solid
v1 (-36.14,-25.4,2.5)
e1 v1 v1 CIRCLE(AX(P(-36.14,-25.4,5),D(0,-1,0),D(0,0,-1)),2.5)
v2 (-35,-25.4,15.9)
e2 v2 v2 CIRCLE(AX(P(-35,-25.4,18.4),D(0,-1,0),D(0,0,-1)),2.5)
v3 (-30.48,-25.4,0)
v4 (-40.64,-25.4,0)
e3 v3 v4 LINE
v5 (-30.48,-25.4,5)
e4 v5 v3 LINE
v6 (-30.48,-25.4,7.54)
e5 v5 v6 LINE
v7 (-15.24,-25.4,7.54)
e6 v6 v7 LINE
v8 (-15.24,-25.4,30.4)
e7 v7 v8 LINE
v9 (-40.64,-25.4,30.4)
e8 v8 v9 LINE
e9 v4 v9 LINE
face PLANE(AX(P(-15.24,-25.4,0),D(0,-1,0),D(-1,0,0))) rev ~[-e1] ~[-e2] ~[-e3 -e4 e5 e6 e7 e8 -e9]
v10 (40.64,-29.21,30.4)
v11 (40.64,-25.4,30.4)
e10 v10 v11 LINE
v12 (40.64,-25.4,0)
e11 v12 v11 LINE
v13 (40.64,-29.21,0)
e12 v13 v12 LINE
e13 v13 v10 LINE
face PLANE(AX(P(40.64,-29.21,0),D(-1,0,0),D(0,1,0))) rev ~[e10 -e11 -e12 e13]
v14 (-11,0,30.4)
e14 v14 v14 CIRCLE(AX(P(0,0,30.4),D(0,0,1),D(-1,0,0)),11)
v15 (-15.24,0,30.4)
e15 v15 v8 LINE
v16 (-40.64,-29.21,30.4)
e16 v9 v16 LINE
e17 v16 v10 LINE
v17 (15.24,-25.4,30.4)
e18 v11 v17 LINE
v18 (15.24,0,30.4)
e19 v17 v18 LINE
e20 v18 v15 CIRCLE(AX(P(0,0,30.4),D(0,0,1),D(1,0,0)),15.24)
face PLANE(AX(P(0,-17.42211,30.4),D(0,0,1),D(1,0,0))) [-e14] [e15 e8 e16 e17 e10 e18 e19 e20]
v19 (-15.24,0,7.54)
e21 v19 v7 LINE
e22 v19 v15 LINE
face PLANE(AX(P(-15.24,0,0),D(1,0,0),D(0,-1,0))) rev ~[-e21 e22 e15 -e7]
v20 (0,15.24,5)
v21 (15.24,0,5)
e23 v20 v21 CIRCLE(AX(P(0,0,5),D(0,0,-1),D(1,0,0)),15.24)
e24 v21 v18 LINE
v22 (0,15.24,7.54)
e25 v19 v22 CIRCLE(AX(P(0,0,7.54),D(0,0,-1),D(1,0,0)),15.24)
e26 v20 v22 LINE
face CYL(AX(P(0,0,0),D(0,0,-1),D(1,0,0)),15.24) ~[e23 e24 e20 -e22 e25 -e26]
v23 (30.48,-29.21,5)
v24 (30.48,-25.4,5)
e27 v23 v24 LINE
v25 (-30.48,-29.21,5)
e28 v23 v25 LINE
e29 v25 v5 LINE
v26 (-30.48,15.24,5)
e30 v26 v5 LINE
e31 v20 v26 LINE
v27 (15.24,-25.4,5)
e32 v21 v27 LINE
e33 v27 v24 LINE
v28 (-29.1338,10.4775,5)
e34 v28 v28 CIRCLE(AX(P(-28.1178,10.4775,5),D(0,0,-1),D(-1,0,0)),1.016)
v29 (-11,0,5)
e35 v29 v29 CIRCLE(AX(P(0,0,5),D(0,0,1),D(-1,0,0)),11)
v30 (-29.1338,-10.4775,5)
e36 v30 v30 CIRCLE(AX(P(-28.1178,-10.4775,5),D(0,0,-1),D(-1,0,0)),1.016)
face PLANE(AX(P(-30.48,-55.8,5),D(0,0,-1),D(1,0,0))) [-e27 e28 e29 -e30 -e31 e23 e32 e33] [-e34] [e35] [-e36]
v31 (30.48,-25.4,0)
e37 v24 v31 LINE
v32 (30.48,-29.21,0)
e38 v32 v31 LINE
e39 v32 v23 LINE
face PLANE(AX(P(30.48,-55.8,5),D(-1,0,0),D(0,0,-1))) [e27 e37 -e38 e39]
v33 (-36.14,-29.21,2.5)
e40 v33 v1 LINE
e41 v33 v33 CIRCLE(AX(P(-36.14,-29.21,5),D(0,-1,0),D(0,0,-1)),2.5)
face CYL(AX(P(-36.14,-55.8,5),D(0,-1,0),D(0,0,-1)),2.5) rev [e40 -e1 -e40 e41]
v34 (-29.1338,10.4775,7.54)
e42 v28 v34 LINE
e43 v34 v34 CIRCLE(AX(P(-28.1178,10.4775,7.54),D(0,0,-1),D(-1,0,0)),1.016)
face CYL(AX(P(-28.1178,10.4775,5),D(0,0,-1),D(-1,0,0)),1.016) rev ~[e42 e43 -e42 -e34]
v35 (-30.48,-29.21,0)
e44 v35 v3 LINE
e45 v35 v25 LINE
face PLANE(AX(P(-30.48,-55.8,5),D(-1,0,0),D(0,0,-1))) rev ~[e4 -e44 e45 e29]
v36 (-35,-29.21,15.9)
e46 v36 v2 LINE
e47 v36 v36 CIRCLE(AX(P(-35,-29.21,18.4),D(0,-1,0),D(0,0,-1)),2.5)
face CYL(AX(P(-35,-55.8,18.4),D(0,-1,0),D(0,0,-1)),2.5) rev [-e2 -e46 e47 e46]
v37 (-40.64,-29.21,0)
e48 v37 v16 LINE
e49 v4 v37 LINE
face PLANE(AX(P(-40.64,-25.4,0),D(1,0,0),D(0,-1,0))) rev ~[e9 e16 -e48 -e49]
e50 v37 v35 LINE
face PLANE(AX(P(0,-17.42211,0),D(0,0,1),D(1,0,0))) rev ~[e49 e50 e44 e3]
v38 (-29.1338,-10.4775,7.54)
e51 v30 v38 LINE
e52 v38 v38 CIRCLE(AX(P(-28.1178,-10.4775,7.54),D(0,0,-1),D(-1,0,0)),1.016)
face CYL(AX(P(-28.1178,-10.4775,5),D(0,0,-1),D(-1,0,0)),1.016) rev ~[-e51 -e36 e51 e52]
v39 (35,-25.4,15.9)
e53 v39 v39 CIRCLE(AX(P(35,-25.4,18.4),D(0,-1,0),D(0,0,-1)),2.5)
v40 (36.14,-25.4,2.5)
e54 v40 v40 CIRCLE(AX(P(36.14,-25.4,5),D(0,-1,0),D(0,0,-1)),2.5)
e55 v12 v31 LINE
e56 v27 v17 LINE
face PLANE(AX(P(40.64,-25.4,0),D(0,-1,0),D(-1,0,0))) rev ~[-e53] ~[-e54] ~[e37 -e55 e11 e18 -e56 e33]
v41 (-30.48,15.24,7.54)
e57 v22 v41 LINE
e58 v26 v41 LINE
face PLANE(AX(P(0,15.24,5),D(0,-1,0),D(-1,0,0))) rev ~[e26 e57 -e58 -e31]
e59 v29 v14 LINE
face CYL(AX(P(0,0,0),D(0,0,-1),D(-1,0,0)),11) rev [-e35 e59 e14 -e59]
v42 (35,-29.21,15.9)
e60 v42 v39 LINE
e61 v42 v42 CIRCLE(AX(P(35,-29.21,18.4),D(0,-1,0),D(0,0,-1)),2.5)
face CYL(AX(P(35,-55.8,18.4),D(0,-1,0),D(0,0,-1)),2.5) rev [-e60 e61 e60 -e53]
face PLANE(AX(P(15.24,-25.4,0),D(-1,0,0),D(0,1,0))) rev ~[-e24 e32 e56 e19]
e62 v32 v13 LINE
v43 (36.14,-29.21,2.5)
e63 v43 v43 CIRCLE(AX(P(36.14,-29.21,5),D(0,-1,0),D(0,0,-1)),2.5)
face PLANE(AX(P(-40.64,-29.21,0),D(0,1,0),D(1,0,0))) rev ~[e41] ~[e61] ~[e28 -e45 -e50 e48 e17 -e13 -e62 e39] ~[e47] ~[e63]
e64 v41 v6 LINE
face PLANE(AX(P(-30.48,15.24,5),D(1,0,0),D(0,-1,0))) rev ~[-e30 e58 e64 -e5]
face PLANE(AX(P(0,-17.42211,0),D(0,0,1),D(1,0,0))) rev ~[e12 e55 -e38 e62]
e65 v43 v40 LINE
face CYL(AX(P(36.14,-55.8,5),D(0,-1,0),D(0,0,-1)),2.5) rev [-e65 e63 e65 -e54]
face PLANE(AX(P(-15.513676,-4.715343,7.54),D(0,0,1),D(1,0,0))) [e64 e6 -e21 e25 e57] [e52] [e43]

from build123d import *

# Parameters (mm, degrees)
SKETCH1_R               = 11
BOSS_EXTRUDE1_DEPTH     = 30.4
CUT_EXTRUDE1_DEPTH      = 65.4
CUT_EXTRUDE1_DEPTH_BACK = 30.4
SKETCH2_R               = 2.5
SKETCH2_W               = 60.96
SKETCH2_H               = 5
SKETCH3_R               = 1.016
BOSS_EXTRUDE2_DEPTH     = 2.54


with BuildPart() as part:
    # Sketch1 → Boss-Extrude1 (new body)
    with BuildSketch(Plane.XY):
        with BuildLine():
            Line((-40.64, -29.21), (40.64, -29.21))
            Line((40.64, -29.21), (40.64, -25.4))
            Line((40.64, -25.4), (15.24, -25.4))
            Line((15.24, -25.4), (15.24, 0))
            ThreePointArc((15.24, 0), (0, 15.24), (-15.24, 0))
            Line((-15.24, 0), (-15.24, -25.4))
            Line((-15.24, -25.4), (-40.64, -25.4))
            Line((-40.64, -25.4), (-40.64, -29.21))
        make_face()
        with Locations(Location((0, 0, 0), (0, 0, 180))):
            Circle(SKETCH1_R, mode=Mode.SUBTRACT)
    extrude(amount=BOSS_EXTRUDE1_DEPTH)

    # Sketch2 → Cut-Extrude1 (cut, two sides: drawn at the far end of the back side and taken through both)
    with BuildSketch(Plane(origin=(0, -25.4, 0), x_dir=(1, 0, 0), z_dir=(0, 1, 0)).offset(-CUT_EXTRUDE1_DEPTH_BACK)):
        with Locations(Location((-36.14, -5, 0), (0, 0, 90))):
            Circle(SKETCH2_R)
        with Locations(Location((-35, -18.4, 0), (0, 0, 90))):
            Circle(SKETCH2_R)
        with Locations(Location((36.14, -5, 0), (0, 0, 90))):
            Circle(SKETCH2_R)
        with Locations(Location((35, -18.4, 0), (0, 0, 90))):
            Circle(SKETCH2_R)
        with Locations((0, -2.5)):
            Rectangle(SKETCH2_W, SKETCH2_H)
    extrude(amount=CUT_EXTRUDE1_DEPTH + CUT_EXTRUDE1_DEPTH_BACK, mode=Mode.SUBTRACT)

    # Sketch3 → Boss-Extrude2 (add)
    with BuildSketch(Plane(origin=(0, 0, 5), x_dir=(-1, 0, 0), z_dir=(0, 0, -1))):
        with BuildLine():
            Line((0, 11), (0, 15.24))
            Line((0, 15.24), (30.48, 15.24))
            Line((30.48, 15.24), (30.48, -25.4))
            Line((30.48, -25.4), (0, -25.4))
            Line((0, -25.4), (0, -11))
            ThreePointArc((0, -11), (11, 0), (0, 11))
        make_face()
        with Locations((28.1178, 10.4775)):
            Circle(SKETCH3_R, mode=Mode.SUBTRACT)
        with Locations((28.1178, -10.4775)):
            Circle(SKETCH3_R, mode=Mode.SUBTRACT)
    extrude(amount=-BOSS_EXTRUDE2_DEPTH)


solid = part.part
